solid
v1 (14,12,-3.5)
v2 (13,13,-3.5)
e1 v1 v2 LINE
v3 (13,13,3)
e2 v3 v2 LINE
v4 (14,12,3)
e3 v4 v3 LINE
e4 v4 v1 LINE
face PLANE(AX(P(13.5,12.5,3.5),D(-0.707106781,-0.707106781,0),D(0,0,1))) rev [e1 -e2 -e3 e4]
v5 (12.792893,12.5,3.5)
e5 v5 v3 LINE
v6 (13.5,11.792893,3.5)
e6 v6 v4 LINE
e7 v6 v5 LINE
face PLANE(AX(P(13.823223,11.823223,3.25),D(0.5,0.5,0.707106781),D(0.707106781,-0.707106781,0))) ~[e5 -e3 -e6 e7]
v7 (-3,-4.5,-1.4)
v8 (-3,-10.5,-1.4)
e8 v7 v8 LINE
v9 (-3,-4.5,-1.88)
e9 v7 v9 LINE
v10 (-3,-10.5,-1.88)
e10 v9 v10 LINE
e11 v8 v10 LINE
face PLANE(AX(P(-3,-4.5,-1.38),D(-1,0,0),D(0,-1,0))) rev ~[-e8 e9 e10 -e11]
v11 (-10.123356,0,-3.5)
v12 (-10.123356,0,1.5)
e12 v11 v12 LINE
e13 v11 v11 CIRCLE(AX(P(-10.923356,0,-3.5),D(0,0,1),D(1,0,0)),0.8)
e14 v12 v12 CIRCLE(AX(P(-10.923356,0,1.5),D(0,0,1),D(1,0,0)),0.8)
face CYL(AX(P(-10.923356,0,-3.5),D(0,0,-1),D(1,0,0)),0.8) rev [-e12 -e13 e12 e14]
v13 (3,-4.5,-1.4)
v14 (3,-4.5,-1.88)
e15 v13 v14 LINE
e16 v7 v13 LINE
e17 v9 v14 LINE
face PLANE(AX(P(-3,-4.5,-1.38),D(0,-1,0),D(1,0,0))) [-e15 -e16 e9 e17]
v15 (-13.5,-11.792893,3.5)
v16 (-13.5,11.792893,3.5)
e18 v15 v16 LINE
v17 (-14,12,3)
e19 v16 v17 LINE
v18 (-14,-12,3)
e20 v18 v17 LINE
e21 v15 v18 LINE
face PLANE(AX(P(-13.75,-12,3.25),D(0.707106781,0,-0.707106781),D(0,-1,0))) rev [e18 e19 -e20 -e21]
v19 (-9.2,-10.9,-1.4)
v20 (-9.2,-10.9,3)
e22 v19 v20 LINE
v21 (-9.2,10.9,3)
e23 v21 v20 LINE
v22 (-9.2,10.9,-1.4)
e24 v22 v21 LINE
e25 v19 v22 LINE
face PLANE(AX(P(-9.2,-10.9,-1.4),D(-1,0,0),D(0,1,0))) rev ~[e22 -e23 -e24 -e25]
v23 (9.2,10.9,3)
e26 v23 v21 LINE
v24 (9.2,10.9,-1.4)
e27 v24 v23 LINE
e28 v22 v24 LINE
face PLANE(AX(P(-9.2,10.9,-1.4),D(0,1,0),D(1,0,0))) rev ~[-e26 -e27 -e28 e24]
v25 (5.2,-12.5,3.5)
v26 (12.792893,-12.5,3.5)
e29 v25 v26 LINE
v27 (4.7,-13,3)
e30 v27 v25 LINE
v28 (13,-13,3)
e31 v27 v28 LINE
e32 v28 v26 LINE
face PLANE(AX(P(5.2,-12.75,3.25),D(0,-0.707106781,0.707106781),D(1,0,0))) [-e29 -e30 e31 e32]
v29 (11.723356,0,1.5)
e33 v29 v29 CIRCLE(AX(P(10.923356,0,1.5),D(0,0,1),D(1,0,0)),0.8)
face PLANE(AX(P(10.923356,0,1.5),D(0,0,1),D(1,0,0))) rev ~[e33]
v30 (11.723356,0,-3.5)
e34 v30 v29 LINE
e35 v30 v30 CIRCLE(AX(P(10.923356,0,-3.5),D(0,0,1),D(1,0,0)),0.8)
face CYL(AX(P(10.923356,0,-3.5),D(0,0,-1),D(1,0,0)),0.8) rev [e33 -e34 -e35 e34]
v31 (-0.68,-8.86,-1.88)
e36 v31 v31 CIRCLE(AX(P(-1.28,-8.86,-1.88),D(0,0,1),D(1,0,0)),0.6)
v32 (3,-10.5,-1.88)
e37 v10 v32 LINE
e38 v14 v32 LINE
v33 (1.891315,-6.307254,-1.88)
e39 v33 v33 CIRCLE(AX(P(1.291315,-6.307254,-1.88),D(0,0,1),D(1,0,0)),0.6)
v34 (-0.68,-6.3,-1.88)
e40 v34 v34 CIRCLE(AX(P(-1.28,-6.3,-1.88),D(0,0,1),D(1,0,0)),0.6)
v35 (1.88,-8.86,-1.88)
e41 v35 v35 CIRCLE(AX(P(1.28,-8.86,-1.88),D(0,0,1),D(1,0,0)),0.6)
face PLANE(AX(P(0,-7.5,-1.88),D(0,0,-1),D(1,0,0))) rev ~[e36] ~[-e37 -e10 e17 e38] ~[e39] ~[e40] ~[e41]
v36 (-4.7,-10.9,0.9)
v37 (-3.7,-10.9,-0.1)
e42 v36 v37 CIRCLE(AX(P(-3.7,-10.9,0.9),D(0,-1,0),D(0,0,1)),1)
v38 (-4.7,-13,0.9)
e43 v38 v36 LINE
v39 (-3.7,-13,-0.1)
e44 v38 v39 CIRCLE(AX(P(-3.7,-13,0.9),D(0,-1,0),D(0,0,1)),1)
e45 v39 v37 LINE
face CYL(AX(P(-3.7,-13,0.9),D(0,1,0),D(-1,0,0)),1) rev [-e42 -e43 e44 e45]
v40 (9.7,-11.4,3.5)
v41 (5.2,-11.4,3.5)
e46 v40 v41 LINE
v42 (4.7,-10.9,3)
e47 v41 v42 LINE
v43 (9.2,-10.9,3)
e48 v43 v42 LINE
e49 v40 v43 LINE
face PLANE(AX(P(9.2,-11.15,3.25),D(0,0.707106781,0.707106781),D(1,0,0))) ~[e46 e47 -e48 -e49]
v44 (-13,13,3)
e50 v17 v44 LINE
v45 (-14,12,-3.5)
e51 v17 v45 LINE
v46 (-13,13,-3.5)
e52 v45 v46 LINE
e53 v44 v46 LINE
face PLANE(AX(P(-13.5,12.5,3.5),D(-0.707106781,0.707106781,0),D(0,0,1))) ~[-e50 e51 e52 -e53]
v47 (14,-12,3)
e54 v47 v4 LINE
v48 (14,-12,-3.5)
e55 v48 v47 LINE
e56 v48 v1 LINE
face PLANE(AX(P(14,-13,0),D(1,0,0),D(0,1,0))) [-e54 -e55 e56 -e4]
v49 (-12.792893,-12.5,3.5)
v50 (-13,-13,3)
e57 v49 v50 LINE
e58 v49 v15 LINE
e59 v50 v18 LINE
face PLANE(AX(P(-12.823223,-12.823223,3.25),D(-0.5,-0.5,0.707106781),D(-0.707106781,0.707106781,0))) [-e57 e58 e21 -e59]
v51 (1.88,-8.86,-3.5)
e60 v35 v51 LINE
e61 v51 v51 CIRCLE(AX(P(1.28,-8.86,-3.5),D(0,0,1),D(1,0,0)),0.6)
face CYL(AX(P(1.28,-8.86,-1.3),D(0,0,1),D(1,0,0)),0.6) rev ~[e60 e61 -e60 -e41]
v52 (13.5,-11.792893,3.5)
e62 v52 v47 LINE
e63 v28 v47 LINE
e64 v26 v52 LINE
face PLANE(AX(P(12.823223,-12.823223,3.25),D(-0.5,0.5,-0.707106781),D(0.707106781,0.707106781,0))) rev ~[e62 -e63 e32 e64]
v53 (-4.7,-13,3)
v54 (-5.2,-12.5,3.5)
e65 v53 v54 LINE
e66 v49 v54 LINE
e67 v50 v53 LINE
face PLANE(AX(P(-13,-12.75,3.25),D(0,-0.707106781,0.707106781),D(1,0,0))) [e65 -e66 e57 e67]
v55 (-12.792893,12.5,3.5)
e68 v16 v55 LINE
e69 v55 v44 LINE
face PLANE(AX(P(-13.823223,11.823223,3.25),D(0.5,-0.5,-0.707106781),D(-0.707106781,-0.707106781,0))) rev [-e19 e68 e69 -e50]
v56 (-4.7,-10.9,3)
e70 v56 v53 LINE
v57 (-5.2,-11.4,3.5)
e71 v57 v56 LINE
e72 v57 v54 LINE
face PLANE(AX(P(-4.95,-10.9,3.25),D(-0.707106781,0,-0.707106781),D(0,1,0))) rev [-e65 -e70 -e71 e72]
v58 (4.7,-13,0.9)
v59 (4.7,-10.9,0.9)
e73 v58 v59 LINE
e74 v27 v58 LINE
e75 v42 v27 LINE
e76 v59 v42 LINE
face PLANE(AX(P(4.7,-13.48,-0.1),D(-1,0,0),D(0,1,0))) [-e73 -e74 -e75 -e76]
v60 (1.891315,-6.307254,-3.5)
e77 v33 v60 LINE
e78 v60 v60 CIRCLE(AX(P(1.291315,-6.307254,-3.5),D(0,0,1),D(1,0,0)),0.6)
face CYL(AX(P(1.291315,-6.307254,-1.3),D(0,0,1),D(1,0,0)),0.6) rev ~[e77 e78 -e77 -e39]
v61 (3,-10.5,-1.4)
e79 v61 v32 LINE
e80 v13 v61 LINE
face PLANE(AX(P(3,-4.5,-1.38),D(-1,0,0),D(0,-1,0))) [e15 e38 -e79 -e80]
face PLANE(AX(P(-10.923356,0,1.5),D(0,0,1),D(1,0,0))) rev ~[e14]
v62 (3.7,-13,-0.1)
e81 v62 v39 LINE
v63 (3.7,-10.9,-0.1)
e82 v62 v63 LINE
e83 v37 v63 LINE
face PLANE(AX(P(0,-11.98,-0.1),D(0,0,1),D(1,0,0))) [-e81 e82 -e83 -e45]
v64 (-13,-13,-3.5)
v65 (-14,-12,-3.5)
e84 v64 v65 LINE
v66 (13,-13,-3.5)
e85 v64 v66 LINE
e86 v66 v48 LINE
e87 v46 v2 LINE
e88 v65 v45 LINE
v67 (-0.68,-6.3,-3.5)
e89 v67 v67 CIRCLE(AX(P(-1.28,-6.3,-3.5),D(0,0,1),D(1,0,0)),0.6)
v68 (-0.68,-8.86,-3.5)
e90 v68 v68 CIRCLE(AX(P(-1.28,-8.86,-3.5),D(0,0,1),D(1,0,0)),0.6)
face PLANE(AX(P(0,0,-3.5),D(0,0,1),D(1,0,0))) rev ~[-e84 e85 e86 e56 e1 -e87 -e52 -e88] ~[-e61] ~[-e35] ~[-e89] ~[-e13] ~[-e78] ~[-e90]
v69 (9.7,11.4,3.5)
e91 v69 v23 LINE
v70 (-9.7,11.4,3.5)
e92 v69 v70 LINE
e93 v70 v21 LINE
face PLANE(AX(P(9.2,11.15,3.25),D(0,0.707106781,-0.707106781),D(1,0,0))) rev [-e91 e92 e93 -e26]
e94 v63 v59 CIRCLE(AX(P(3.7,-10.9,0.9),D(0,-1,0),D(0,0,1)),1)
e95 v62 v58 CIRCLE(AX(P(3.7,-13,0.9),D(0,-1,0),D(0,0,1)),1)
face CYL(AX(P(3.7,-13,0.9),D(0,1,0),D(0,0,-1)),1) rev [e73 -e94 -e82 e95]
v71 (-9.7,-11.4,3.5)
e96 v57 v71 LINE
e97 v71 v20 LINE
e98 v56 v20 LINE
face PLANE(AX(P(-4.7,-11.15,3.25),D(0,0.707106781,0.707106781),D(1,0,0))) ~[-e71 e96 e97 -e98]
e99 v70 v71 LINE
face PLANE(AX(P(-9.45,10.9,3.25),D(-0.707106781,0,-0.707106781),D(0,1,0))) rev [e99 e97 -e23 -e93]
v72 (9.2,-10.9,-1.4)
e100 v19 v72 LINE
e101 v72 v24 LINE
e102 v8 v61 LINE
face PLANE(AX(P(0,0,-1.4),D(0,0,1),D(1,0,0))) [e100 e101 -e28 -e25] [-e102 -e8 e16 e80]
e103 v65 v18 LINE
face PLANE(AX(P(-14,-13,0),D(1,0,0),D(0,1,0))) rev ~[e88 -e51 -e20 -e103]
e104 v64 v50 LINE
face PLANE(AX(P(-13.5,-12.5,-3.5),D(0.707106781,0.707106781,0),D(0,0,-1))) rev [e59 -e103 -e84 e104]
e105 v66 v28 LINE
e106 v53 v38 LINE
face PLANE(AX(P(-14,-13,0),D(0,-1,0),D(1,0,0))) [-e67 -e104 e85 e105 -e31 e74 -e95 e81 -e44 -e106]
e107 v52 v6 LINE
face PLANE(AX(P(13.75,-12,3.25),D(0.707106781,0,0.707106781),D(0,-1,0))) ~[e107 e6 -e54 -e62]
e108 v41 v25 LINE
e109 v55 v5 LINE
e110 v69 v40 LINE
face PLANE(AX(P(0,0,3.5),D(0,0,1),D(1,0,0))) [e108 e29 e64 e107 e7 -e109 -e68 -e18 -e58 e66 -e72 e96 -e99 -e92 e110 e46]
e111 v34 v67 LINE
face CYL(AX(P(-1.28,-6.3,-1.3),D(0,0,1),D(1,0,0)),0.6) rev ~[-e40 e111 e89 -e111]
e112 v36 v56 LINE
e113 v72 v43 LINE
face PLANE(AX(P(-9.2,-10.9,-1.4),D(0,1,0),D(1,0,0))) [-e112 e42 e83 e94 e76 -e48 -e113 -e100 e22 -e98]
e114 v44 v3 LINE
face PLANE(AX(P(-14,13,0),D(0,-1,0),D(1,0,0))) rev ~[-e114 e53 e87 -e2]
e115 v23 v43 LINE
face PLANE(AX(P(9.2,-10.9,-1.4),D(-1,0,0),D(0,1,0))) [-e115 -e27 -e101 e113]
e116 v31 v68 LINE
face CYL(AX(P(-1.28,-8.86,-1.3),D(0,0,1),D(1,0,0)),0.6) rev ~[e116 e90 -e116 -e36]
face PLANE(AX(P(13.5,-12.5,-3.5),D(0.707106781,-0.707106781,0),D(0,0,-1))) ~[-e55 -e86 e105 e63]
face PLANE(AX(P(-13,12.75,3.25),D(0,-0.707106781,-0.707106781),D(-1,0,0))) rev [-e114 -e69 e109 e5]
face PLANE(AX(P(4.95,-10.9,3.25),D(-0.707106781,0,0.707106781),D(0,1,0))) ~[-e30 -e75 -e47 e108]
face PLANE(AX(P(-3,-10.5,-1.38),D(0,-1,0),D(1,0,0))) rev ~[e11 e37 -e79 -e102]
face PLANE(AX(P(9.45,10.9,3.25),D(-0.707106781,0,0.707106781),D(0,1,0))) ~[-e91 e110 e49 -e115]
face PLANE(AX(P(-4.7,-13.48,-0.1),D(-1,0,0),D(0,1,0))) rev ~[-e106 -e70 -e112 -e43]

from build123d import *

# Parameters (mm, degrees)
SKETCH_W        = 28
SKETCH_H        = 26
PAD_DEPTH       = 3.5
SKETCH001_W     = 18.4
SKETCH001_H     = 21.8
POCKET_DEPTH    = 5
SKETCH002_W     = 9.4
SKETCH002_H     = 3
POCKET001_DEPTH = 5
SKETCH003_W     = 6
SKETCH003_H     = 6
POCKET002_DEPTH = 0.5
SKETCH004_R     = 0.6
POCKET003_DEPTH = 5
SKETCH010_R     = 0.8
POCKET006_DEPTH = 5
CHAMFER001_SIZE = 0.5
FILLET_R        = 1
CHAMFER002_SIZE = 1
CHAMFER003_SIZE = 0.5


with BuildPart() as part:
    # Sketch → Pad (new body, symmetric)
    with BuildSketch(Plane.XY):
        Rectangle(SKETCH_W, SKETCH_H)
    extrude(amount=PAD_DEPTH, both=True)

    # Sketch001 → Pocket (cut)
    with BuildSketch(Plane.XY.offset(-1.4)):
        Rectangle(SKETCH001_W, SKETCH001_H)
    extrude(amount=POCKET_DEPTH, mode=Mode.SUBTRACT)

    # Sketch002 → Pocket001 (cut)
    with BuildSketch(Plane.XY.offset(-0.1)):
        with Locations((0, -11.98)):
            Rectangle(SKETCH002_W, SKETCH002_H)
    extrude(amount=POCKET001_DEPTH, mode=Mode.SUBTRACT)

    # Sketch003 (on Face4 of Pocket001) → Pocket002 (cut)
    with BuildSketch(Plane(origin=(0, -7.5, -1.38), x_dir=(1, 0, 0), z_dir=(0, 0, -1))):
        Rectangle(SKETCH003_W, SKETCH003_H)
    extrude(amount=POCKET002_DEPTH, mode=Mode.SUBTRACT)

    # Sketch004 → Pocket003 (cut)
    with BuildSketch(Plane(origin=(0, -7.58, -1.3), x_dir=(1, 0, 0), z_dir=(0, 0, 1))):
        with Locations((-1.28, 1.28)):
            Circle(SKETCH004_R)
        with Locations((1.291315, 1.272746)):
            Circle(SKETCH004_R)
        with Locations((-1.28, -1.28)):
            Circle(SKETCH004_R)
        with Locations((1.28, -1.28)):
            Circle(SKETCH004_R)
    extrude(amount=-POCKET003_DEPTH, mode=Mode.SUBTRACT)

    # Sketch010 → Pocket006 (cut)
    with BuildSketch(Plane.XY.offset(-3.5)):
        with Locations((-10.923356, 0)):
            Circle(SKETCH010_R)
        with Locations((10.923356, 0)):
            Circle(SKETCH010_R)
    extrude(amount=POCKET006_DEPTH, mode=Mode.SUBTRACT)

    # Chamfer001
    chamfer001_edges = [part.edges().sort_by_distance(p)[0] for p in [
        (-9.2, 0, 3.5),
        (-4.7, -11.95, 3.5),
        (-6.95, -10.9, 3.5),
        (4.7, -11.95, 3.5),
        (6.95, -10.9, 3.5),
        (9.2, 0, 3.5),
        (0, 10.9, 3.5),
    ]]
    chamfer(chamfer001_edges, length=CHAMFER001_SIZE)

    # Fillet
    fillet_edges = [part.edges().sort_by_distance(p)[0] for p in [
        (-4.7, -11.95, -0.1),
        (4.7, -11.95, -0.1),
    ]]
    fillet(fillet_edges, radius=FILLET_R)

    # Chamfer002
    chamfer002_edges = [part.edges().sort_by_distance(p)[0] for p in [
        (14, -13, 0),
        (14, 13, 0),
        (-14, 13, 0),
        (-14, -13, 0),
    ]]
    chamfer(chamfer002_edges, length=CHAMFER002_SIZE)

    # Chamfer003
    chamfer003_edges = [part.edges().sort_by_distance(p)[0] for p in [
        (-14, 0, 3.5),
        (-13.5, -12.5, 3.5),
        (-9.1, -13, 3.5),
        (9.1, -13, 3.5),
        (13.5, -12.5, 3.5),
        (14, 0, 3.5),
        (-13.5, 12.5, 3.5),
        (0, 13, 3.5),
        (13.5, 12.5, 3.5),
    ]]
    chamfer(chamfer003_edges, length=CHAMFER003_SIZE)


solid = part.part
